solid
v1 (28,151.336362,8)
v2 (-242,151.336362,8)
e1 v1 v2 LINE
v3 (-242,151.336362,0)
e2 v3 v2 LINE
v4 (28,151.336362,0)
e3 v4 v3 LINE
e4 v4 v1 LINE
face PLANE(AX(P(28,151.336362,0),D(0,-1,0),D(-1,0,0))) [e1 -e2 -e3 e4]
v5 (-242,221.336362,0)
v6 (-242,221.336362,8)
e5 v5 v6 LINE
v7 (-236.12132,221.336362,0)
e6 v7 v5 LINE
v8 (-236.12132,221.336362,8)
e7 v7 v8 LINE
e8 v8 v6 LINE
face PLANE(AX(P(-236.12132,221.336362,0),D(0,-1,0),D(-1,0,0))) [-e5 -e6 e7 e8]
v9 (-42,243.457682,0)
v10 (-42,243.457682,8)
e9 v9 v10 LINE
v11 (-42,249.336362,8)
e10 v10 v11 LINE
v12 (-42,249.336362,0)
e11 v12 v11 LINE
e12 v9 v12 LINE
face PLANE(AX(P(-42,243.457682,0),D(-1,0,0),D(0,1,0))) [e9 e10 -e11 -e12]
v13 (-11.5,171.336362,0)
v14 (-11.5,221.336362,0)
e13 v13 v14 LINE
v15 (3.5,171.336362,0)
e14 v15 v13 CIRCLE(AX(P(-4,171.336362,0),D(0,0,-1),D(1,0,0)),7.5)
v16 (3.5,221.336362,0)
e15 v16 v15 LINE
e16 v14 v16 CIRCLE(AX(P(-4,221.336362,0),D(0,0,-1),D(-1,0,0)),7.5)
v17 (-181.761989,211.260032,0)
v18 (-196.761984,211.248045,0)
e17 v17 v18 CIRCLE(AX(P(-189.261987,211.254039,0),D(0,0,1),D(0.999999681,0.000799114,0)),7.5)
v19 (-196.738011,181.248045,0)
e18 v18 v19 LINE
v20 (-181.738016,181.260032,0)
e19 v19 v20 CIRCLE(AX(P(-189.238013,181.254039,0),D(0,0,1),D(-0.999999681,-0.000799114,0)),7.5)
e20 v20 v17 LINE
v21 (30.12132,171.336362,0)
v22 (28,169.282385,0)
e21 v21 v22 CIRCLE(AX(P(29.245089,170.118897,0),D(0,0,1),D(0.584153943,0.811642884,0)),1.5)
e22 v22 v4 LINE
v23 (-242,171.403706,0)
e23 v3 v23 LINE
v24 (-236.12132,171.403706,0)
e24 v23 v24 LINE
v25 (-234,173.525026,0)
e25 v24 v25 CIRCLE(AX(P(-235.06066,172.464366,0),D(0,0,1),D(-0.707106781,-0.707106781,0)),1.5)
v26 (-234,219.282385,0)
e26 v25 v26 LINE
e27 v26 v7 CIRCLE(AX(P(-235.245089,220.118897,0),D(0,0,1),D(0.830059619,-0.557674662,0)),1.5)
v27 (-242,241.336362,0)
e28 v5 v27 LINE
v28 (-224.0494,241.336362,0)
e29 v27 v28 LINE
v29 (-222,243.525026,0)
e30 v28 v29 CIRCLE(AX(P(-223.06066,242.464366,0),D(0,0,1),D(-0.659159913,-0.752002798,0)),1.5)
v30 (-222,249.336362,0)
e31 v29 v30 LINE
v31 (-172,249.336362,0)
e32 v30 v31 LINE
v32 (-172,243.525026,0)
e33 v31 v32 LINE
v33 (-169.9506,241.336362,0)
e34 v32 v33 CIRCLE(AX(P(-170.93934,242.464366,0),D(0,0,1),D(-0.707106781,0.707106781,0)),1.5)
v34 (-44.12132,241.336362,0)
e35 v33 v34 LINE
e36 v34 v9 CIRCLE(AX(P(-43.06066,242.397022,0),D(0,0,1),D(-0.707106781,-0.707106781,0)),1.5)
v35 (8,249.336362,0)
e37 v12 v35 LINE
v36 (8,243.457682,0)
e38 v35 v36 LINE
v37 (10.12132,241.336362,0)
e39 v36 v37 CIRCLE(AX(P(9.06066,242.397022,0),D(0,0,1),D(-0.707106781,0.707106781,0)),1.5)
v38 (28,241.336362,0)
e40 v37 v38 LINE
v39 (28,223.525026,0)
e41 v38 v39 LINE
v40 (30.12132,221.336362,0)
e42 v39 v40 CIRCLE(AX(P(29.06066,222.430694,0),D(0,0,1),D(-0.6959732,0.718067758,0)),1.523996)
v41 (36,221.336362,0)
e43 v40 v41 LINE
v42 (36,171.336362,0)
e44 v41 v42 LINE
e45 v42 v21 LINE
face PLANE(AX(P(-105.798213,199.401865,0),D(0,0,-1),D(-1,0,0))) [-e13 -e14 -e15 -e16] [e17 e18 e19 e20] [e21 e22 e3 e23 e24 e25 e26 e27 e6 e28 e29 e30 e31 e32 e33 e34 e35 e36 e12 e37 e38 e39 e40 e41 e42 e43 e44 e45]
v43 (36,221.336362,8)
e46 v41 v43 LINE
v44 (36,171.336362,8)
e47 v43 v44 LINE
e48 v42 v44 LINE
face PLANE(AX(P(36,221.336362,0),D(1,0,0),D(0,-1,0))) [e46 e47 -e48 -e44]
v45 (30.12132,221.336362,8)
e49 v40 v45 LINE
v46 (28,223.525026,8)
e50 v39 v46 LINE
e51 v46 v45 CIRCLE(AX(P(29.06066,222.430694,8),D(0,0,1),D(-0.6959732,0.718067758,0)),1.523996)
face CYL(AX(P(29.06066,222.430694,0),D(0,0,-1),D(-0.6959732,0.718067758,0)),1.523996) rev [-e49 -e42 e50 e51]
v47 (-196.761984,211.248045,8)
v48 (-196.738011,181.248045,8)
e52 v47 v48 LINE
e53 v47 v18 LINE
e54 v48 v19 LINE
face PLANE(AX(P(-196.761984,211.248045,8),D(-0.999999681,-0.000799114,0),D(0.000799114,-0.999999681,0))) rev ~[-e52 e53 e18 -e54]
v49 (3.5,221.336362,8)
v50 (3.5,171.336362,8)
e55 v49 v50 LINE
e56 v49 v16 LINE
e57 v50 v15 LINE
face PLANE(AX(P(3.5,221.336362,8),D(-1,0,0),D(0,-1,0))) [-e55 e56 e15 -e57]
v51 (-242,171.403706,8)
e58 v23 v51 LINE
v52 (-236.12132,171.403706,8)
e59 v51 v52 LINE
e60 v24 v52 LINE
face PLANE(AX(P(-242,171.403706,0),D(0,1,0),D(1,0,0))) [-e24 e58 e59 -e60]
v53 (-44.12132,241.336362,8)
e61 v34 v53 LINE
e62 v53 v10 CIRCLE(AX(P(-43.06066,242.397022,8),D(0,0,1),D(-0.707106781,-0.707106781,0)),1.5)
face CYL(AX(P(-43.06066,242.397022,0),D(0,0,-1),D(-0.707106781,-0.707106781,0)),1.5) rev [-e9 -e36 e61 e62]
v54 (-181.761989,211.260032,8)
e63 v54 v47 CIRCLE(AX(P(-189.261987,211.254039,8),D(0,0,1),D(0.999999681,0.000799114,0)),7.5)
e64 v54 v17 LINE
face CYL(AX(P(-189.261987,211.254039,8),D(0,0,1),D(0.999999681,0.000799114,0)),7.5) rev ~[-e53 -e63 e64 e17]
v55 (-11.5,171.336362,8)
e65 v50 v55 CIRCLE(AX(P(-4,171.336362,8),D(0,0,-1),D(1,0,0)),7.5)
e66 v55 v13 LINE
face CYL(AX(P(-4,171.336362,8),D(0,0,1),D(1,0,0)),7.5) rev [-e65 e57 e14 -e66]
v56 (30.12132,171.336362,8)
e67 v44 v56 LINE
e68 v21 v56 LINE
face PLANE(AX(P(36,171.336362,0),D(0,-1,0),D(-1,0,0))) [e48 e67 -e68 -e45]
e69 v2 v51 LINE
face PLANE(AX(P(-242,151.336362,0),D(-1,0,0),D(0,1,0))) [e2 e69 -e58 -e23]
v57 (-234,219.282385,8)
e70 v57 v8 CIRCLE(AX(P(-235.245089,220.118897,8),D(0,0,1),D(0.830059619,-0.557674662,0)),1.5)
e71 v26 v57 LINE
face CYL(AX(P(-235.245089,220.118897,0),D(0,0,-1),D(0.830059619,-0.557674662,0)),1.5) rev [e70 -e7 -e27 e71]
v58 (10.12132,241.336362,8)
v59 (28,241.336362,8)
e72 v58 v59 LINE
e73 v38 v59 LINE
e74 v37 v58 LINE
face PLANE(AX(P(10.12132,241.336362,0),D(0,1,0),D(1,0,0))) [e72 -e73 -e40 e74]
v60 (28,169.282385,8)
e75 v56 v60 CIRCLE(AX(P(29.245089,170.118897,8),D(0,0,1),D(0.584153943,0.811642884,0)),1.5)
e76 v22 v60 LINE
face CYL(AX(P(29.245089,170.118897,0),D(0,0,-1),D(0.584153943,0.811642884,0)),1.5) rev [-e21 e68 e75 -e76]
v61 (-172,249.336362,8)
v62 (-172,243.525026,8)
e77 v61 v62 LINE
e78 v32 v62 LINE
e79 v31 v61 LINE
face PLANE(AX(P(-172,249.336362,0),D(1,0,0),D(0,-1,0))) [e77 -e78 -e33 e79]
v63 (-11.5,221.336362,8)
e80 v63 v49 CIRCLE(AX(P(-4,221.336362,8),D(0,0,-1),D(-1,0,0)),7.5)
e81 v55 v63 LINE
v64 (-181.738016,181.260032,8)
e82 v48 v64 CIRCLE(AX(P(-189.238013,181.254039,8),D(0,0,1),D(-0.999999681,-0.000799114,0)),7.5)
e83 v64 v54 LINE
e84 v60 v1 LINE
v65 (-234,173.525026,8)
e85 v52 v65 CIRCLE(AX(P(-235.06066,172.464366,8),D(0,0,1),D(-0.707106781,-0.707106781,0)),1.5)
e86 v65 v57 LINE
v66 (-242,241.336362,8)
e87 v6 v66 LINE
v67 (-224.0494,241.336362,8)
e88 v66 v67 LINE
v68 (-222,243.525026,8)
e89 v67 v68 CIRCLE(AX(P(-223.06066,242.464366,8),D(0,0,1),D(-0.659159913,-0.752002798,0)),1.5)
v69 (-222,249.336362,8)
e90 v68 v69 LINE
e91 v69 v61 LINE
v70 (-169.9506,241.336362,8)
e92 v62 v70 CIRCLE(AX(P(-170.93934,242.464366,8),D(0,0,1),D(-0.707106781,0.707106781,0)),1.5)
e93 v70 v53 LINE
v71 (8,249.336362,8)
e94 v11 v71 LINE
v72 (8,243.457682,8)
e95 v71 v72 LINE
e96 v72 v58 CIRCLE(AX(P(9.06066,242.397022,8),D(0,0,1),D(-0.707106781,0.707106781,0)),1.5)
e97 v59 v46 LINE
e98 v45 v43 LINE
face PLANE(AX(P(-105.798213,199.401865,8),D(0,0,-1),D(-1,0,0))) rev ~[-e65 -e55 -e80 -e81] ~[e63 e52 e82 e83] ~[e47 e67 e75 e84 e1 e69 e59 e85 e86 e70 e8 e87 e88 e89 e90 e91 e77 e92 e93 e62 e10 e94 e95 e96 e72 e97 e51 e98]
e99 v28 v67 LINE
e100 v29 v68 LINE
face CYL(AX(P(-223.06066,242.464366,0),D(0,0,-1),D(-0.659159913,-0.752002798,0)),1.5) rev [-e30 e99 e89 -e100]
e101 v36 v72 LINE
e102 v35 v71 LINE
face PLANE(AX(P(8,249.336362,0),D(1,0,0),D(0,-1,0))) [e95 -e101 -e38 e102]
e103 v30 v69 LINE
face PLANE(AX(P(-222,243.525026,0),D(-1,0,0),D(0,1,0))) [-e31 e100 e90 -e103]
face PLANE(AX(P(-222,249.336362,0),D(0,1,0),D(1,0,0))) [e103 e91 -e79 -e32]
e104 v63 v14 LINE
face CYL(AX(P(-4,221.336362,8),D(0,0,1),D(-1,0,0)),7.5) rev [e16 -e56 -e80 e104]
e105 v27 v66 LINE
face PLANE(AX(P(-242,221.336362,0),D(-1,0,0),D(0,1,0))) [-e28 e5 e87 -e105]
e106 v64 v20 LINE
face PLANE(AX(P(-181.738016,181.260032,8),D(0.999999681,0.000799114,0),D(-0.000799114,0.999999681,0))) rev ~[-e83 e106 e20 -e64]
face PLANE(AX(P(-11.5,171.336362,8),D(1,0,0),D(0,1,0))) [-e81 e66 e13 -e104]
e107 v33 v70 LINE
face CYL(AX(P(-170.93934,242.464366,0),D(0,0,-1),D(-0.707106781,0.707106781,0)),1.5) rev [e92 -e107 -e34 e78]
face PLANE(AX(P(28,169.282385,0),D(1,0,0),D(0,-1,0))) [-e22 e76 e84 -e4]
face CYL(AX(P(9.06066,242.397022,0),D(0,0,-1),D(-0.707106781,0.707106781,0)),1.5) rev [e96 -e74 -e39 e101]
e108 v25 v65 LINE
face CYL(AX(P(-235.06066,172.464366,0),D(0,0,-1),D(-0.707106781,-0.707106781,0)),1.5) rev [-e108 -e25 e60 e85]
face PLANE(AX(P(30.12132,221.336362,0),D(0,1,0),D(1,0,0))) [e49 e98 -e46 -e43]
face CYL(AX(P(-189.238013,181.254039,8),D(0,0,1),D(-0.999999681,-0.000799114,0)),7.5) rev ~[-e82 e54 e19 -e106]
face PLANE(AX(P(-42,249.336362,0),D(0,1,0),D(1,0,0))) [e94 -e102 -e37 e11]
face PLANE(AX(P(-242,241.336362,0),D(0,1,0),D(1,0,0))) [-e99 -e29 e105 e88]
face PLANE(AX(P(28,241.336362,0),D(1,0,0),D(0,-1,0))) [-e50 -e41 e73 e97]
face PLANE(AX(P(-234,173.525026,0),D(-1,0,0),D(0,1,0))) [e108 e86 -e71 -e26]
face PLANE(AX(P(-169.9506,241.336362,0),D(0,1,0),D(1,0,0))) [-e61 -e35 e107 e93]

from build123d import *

# Parameters (mm, degrees)
BOSS_EXTRU_1_DEPTH      = 8
ENL_V_MAT_EXTRU_1_DEPTH = 8


with BuildPart() as part:
    # Esquisse1 → Boss.-Extru.1 (new body)
    with BuildSketch(Plane.XY):
        with BuildLine():
            Line((30.121320344, 221.336361724), (36, 221.336361724))
            Line((36, 221.336361724), (36, 171.336361724))
            Line((36, 171.336361724), (30.121320344, 171.336361724))
            ThreePointArc((30.121320344, 171.336361724), (28.201672528, 171.196524964), (28, 169.282385406))
            Line((28, 169.282385406), (28, 151.336361724))
            Line((28, 151.336361724), (-242, 151.336361724))
            Line((-242, 151.336361724), (-242, 171.40370575))
            Line((-242, 171.40370575), (-236.121320344, 171.40370575))
            ThreePointArc((-236.121320344, 171.40370575), (-234, 171.40370575), (-234, 173.525026093))
            Line((-234, 173.525026093), (-234, 219.282385406))
            ThreePointArc((-234, 219.282385406), (-234.201672528, 221.196524964), (-236.121320344, 221.336361724))
            Line((-236.121320344, 221.336361724), (-242, 221.336361724))
            Line((-242, 221.336361724), (-242, 241.336361724))
            Line((-242, 241.336361724), (-224.049400042, 241.336361724))
            ThreePointArc((-224.049400042, 241.336361724), (-221.965737315, 241.439112813), (-222, 243.525026093))
            Line((-222, 243.525026093), (-222, 249.336361724))
            Line((-222, 249.336361724), (-172, 249.336361724))
            Line((-172, 249.336361724), (-172, 243.525026093))
            ThreePointArc((-172, 243.525026093), (-172.034262685, 241.439112813), (-169.950599958, 241.336361724))
            Line((-169.950599958, 241.336361724), (-44.121320344, 241.336361724))
            ThreePointArc((-44.121320344, 241.336361724), (-42, 241.336361724), (-42, 243.457682068))
            Line((-42, 243.457682068), (-42, 249.336361724))
            Line((-42, 249.336361724), (8, 249.336361724))
            Line((8, 249.336361724), (8, 243.457682068))
            ThreePointArc((8, 243.457682068), (8, 241.336361724), (10.121320344, 241.336361724))
            Line((10.121320344, 241.336361724), (28, 241.336361724))
            Line((28, 241.336361724), (28, 223.525026093))
            ThreePointArc((28, 223.525026093), (27.966327987, 221.370033737), (30.121320344, 221.336361724))
        make_face()
    extrude(amount=BOSS_EXTRU_1_DEPTH)

    # Esquisse2 → Enlèv. mat.-Extru.1 (cut)
    with BuildSketch(Plane.XY.offset(8)):
        with BuildLine():
            Line((3.5, 221.336361724), (3.5, 171.336361724))
            ThreePointArc((3.5, 171.336361724), (-4, 163.836361724), (-11.5, 171.336361724))
            Line((-11.5, 171.336361724), (-11.5, 221.336361724))
            ThreePointArc((-11.5, 221.336361724), (-4, 228.836361724), (3.5, 221.336361724))
        make_face()
        with BuildLine():
            Line((-196.761984324, 211.248045222), (-196.738010886, 181.248045222))
            ThreePointArc((-196.738010886, 181.248045222), (-189.232019924, 173.754040975), (-181.738015676, 181.260031937))
            Line((-181.738015676, 181.260031937), (-181.761989114, 211.260031937))
            ThreePointArc((-181.761989114, 211.260031937), (-189.267980076, 218.754036185), (-196.761984324, 211.248045222))
        make_face()
    extrude(amount=-ENL_V_MAT_EXTRU_1_DEPTH, mode=Mode.SUBTRACT)


solid = part.part
